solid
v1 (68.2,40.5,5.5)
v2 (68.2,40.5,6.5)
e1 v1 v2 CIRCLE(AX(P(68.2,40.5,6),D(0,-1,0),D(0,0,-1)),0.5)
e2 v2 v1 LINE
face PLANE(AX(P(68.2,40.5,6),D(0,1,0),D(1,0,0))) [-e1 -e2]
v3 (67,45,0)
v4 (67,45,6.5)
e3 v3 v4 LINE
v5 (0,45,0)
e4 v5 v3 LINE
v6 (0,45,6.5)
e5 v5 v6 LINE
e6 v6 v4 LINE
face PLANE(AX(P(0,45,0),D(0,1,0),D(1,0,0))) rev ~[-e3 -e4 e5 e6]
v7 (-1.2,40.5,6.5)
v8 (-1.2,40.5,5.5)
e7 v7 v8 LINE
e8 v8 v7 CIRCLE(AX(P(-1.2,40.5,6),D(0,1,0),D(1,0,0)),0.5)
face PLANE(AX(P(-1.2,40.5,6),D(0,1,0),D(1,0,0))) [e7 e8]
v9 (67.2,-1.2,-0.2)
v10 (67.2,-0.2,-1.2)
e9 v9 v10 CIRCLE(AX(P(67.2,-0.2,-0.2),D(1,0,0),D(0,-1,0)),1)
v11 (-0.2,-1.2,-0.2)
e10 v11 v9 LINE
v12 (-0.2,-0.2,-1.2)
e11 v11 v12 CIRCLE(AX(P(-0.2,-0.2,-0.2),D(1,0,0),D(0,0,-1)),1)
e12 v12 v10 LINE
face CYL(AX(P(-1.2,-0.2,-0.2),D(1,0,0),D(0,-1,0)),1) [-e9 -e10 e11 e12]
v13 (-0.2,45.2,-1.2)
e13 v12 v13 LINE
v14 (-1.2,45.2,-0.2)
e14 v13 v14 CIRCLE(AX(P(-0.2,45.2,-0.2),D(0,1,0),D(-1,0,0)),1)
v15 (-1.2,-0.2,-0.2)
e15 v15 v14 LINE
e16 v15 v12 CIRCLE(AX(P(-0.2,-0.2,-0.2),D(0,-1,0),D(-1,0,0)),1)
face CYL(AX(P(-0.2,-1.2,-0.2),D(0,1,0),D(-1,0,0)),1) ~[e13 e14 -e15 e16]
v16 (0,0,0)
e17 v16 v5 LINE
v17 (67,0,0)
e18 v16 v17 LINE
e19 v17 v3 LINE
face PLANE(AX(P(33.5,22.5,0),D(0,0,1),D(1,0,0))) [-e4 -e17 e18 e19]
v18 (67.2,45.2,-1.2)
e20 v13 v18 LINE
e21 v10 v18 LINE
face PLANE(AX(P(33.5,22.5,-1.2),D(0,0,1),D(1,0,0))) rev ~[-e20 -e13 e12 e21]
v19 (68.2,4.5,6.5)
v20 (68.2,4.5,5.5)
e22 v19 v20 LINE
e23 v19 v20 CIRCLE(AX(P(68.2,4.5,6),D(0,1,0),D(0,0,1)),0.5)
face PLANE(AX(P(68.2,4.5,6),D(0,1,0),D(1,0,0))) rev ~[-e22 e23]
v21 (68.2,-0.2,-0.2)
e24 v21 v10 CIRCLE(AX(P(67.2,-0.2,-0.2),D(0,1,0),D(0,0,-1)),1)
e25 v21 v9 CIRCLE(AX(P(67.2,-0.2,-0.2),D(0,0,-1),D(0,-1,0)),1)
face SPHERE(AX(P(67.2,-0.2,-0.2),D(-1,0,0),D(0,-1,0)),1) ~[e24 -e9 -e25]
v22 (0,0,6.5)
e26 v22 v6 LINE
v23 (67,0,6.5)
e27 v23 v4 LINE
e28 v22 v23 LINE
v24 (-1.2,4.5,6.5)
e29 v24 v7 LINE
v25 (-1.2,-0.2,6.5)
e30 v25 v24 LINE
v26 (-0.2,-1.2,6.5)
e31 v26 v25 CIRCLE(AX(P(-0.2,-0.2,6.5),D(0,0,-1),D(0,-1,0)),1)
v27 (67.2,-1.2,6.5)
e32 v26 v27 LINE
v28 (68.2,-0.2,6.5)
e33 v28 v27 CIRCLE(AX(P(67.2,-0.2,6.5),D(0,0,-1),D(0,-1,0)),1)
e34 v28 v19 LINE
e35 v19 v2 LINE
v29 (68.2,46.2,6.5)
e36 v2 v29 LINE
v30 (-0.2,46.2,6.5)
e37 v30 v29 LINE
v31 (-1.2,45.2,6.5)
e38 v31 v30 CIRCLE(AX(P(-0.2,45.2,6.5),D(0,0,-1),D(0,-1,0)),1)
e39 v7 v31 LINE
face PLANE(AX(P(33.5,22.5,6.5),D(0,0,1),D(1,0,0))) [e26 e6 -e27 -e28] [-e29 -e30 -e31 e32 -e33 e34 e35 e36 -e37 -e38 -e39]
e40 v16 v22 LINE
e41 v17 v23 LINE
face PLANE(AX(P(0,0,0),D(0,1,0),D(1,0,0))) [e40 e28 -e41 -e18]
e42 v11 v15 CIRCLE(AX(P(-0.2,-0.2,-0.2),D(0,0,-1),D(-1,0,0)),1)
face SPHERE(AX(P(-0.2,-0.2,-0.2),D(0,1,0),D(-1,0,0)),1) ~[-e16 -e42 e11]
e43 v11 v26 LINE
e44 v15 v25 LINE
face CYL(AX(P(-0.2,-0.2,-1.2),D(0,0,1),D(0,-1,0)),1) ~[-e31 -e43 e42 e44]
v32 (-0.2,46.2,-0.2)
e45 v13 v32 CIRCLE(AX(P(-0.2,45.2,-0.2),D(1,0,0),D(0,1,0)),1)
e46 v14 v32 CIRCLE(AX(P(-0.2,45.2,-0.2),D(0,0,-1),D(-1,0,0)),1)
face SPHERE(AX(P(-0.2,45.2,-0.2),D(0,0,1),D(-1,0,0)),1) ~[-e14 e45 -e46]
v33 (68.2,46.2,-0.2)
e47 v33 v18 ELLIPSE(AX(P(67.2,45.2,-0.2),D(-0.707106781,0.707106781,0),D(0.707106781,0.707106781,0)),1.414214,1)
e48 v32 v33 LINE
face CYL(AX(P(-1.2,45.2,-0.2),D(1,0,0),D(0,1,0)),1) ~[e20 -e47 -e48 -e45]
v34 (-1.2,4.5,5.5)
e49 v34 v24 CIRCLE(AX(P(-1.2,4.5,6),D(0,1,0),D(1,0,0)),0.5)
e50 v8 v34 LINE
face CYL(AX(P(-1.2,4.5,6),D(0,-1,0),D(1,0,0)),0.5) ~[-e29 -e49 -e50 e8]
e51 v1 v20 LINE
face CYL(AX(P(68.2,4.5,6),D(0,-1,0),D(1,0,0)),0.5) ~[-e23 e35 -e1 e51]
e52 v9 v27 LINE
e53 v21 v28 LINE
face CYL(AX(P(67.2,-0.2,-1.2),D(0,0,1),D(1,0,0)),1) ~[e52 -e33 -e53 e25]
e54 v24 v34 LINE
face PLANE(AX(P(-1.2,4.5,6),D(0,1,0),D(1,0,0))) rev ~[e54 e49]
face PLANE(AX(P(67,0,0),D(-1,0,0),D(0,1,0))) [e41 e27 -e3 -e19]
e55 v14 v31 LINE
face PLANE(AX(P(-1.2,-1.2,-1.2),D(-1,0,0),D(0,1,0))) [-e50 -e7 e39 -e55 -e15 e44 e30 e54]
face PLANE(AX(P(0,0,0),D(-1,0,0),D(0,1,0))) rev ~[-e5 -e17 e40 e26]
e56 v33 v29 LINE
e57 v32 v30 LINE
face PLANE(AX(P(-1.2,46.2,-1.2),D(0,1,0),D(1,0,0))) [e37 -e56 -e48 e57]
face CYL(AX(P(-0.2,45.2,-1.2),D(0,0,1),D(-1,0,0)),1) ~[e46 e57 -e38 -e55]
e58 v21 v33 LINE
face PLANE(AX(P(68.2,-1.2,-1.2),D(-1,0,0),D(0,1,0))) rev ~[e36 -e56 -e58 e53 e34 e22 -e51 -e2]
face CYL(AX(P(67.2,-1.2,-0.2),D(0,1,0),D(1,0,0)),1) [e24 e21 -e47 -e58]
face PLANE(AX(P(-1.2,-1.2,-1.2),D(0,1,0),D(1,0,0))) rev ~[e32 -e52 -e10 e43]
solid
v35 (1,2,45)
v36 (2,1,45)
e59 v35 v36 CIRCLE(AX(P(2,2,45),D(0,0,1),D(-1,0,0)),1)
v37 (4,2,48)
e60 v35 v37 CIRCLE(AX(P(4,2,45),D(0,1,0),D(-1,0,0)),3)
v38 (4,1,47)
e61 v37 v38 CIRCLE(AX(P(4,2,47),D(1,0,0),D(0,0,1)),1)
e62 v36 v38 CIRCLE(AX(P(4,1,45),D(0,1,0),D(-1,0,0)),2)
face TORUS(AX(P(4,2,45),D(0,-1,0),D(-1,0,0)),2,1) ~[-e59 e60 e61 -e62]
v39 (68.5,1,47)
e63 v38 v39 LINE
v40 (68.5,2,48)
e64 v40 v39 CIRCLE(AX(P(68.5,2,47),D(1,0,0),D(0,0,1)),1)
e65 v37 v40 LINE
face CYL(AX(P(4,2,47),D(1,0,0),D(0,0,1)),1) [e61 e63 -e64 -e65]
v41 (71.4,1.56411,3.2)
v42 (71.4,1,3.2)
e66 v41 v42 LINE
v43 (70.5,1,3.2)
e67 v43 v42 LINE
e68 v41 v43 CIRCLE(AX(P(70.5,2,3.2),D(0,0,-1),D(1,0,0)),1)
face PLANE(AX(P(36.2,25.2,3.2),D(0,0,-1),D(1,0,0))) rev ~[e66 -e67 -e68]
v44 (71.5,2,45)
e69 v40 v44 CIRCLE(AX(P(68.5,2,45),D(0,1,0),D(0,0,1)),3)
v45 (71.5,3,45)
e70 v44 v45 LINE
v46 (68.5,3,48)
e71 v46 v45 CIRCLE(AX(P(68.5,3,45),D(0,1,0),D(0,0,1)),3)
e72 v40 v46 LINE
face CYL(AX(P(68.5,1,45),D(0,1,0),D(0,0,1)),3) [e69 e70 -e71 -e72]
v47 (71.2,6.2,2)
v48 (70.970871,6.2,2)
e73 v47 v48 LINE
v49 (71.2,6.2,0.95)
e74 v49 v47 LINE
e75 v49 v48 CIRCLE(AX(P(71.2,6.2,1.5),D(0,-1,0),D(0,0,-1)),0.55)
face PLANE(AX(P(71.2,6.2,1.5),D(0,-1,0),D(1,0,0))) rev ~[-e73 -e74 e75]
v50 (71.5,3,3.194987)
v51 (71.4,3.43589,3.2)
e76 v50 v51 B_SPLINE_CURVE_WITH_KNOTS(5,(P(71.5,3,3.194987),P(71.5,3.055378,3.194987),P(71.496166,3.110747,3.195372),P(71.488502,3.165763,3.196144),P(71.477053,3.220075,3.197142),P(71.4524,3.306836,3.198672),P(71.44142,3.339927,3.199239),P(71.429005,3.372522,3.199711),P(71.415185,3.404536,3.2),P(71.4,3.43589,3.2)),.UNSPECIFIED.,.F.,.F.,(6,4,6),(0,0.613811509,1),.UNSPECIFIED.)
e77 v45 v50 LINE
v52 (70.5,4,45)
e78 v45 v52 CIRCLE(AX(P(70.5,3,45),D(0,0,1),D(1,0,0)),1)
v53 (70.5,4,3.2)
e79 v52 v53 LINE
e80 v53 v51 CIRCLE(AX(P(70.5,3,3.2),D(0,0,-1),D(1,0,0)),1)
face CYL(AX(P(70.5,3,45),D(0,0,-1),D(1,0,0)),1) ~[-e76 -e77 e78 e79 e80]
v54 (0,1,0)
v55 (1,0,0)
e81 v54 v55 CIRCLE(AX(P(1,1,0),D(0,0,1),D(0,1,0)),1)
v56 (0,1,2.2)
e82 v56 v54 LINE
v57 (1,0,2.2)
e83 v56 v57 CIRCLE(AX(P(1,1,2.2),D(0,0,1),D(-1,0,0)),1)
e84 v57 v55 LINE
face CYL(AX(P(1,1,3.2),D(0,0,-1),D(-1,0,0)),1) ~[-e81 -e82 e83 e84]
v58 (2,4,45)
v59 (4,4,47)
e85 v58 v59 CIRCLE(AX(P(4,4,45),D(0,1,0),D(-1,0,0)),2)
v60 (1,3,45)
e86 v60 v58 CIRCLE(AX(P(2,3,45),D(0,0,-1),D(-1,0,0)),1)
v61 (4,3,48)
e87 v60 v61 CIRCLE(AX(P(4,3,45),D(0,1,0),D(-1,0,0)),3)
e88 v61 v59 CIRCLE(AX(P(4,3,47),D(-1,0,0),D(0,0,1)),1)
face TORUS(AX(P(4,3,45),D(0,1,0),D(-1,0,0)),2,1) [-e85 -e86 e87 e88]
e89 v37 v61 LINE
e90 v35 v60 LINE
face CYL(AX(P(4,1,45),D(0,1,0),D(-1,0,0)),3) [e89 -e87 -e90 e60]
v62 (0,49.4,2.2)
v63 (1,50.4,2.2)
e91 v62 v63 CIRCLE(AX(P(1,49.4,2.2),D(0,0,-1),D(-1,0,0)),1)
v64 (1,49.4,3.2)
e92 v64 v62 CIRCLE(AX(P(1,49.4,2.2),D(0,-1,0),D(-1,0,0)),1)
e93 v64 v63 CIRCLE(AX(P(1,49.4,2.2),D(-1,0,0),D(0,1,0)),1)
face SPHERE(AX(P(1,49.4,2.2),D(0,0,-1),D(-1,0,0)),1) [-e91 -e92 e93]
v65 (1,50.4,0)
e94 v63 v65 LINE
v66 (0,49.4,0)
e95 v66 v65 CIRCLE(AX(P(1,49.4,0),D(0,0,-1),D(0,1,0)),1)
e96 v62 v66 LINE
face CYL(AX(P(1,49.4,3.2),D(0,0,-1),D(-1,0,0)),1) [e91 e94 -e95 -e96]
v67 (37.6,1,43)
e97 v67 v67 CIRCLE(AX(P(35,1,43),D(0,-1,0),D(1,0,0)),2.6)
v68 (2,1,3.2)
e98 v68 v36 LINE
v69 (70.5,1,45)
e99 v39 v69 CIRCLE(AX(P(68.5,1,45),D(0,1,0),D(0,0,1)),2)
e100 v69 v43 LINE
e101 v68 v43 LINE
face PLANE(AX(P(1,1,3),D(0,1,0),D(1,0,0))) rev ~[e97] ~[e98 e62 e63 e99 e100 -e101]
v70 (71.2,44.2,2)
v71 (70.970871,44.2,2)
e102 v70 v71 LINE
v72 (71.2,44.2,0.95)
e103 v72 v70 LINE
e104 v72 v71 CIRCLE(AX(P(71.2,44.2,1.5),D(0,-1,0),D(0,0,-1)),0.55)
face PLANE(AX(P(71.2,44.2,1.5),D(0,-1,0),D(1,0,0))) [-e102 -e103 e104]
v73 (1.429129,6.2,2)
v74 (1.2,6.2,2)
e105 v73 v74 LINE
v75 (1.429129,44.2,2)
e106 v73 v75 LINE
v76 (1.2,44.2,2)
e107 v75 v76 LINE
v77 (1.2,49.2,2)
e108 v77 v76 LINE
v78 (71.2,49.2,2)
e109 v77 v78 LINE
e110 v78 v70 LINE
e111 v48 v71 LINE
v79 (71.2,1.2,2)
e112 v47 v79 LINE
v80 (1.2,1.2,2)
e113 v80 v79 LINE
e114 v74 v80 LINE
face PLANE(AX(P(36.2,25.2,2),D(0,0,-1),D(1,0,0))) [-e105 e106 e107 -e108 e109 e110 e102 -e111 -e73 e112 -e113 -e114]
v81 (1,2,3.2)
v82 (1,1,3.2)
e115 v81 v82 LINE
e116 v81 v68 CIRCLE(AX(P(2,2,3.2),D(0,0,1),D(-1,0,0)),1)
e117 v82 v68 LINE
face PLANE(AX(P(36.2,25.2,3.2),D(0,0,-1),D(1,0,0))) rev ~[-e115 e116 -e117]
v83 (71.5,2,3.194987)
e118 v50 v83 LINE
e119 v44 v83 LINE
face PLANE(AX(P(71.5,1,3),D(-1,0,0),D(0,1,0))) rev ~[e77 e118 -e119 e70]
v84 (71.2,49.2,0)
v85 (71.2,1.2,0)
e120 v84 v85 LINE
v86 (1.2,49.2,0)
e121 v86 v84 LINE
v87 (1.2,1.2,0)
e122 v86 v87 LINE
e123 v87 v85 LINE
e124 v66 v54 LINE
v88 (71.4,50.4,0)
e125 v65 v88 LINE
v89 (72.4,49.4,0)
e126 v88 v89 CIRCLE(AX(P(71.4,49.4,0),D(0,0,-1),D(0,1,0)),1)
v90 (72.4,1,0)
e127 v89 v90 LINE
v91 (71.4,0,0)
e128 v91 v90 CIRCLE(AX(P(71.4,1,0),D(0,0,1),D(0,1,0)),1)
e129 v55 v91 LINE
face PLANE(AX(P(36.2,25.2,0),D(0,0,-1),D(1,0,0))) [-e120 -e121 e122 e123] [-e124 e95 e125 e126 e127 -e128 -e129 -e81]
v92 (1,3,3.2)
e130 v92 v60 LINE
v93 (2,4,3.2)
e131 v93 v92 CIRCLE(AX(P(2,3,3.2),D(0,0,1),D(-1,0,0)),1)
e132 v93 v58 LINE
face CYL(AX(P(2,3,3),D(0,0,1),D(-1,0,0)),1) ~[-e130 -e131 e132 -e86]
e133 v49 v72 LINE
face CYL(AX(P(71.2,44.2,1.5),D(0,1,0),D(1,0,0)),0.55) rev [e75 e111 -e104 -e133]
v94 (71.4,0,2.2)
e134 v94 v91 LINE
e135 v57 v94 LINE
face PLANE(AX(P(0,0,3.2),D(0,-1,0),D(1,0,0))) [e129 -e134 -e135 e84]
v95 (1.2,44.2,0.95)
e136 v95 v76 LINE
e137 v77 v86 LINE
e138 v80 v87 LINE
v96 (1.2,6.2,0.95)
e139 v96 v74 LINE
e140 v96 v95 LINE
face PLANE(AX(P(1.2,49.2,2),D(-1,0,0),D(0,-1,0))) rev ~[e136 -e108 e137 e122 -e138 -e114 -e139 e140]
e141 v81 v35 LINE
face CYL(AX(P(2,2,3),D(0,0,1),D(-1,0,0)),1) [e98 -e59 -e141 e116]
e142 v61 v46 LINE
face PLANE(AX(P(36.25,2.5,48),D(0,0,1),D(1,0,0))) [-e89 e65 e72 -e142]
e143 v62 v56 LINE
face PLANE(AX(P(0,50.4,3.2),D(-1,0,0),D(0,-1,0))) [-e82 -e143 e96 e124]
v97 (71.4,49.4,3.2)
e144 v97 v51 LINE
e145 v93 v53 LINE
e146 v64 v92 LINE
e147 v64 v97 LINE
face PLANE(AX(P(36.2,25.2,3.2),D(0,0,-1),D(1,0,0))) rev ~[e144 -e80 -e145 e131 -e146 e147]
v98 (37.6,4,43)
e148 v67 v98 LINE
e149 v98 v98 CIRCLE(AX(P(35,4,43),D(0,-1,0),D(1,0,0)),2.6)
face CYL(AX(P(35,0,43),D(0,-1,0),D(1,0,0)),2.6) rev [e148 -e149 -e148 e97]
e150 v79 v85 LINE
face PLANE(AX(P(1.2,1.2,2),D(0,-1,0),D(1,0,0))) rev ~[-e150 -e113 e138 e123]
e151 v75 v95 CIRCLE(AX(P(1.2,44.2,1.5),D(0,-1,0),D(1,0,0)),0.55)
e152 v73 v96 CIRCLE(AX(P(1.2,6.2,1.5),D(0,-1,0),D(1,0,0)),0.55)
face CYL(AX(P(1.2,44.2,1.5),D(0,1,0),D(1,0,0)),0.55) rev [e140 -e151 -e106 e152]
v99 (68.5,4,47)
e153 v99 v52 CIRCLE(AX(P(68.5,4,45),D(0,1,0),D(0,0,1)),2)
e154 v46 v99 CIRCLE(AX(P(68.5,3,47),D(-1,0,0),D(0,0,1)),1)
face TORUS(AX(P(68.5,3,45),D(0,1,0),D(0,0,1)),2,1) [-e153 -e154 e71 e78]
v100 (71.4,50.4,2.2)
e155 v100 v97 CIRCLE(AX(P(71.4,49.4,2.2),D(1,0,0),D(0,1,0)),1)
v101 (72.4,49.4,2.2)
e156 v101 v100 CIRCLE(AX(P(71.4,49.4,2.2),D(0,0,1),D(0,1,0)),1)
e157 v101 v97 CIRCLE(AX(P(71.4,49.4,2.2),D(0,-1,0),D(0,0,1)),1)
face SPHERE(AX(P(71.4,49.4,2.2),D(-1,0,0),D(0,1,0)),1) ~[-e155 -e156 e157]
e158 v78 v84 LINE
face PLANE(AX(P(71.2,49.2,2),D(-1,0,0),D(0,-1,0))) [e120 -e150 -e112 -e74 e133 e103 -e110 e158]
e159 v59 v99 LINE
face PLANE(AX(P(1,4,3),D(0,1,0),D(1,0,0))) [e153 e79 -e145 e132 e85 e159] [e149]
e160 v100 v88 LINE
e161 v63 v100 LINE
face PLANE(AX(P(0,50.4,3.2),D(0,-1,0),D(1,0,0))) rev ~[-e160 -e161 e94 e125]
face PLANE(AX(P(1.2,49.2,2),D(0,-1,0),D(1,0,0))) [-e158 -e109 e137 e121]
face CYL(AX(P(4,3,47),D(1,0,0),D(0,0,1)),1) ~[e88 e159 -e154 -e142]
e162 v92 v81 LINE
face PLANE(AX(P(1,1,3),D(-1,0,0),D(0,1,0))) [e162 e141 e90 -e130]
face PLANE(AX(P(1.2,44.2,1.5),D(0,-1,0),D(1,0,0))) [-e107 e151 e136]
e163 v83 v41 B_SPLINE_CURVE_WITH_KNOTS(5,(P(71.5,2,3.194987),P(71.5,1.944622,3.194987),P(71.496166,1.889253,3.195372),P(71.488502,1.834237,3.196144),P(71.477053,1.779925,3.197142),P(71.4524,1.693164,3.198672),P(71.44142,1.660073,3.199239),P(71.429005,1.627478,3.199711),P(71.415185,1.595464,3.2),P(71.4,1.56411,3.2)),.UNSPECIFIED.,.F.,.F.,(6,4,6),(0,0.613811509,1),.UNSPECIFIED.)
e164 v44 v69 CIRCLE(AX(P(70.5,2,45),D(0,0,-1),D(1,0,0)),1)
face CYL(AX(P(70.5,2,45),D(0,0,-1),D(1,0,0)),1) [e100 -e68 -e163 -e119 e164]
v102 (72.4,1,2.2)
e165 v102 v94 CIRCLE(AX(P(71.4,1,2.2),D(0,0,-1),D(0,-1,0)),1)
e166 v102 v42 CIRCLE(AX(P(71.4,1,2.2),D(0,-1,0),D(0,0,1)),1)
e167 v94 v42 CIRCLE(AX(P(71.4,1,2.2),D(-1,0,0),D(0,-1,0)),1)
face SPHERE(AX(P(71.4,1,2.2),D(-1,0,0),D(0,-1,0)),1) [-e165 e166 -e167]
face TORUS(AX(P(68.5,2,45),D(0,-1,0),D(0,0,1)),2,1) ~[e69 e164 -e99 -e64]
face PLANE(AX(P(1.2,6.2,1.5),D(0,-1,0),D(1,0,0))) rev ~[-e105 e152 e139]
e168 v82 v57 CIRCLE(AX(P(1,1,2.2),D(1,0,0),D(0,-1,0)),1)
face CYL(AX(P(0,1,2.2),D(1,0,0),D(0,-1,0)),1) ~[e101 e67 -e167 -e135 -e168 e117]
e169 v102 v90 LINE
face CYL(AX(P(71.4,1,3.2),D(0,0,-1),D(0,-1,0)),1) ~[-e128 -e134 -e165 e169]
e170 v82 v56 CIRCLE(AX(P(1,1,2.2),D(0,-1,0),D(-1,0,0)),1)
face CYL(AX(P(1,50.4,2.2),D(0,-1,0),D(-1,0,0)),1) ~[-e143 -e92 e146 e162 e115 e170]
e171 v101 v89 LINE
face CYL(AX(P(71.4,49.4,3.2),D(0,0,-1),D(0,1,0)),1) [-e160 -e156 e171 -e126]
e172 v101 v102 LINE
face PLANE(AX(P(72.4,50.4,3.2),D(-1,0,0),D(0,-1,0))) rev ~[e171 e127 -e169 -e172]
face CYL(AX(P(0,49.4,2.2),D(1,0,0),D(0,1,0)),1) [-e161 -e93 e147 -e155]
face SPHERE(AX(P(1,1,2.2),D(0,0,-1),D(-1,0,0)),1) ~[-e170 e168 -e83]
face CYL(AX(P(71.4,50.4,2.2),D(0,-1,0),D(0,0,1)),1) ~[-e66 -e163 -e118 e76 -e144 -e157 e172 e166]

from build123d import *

# Parameters (mm, degrees)
TONGUE_LEFT_R             = 0.5
TONGUE_LEFT_DEPTH         = 36
TONGUE_RIGHT_R            = 0.5
TONGUE_RIGHT_DEPTH        = 36
CASE_INSIDE_W             = 67
CASE_INSIDE_H             = 45
CASE_INSIDE_DEPTH         = 6.5
CASE_OUTSIDE_W            = 69.4
CASE_OUTSIDE_H            = 47.4
CASE_OUTSIDE_DEPTH        = 7.7
FILLET_R                  = 1
CYLINDER_R                = 2.6
CYLINDER_DEPTH            = 10
BOX_W                     = 70.5
BOX_H                     = 3
BOX_DEPTH                 = 45
FILLET002_R               = 3
FILLET003_R               = 1
LID_GROOVE_LEFT_R         = 0.55
LID_GROOVE_LEFT_DEPTH     = 38
LID_GROOVE_RIGHT_R        = 0.55
LID_GROOVE_RIGHT_DEPTH    = 38
LID_INSIDE_W              = 70
LID_INSIDE_H              = 48
LID_INSIDE_DEPTH          = 2
LID_OUTSIDE_W             = 72.4
LID_OUTSIDE_H             = 50.4
LID_OUTSIDE_DEPTH         = 3.2
FILLET001_R               = 1
FILLET001_PLACEMENT_ANGLE = 180


with BuildPart() as tongue_left:
    # tongue_left → tongue_left (new body)
    with BuildSketch(Plane(origin=(-1.2, 4.5, 6), x_dir=(1, 0, 0), z_dir=(0, 1, 0))):
        Circle(TONGUE_LEFT_R)
    extrude(amount=TONGUE_LEFT_DEPTH)


with BuildPart() as tongue_right:
    # tongue_right → tongue_right (new body)
    with BuildSketch(Plane(origin=(68.2, 4.5, 6), x_dir=(1, 0, 0), z_dir=(0, 1, 0))):
        Circle(TONGUE_RIGHT_R)
    extrude(amount=TONGUE_RIGHT_DEPTH)


with BuildPart() as case_inside:
    # case_inside → case_inside (new body)
    with BuildSketch(Plane.XY):
        with Locations((33.5, 22.5)):
            Rectangle(CASE_INSIDE_W, CASE_INSIDE_H)
    extrude(amount=CASE_INSIDE_DEPTH)


with BuildPart() as fillet_body:
    # case_outside → case_outside (new body)
    with BuildSketch(Plane(origin=(-1.2, -1.2, -1.2), x_dir=(1, 0, 0), z_dir=(0, 0, 1))):
        with Locations((34.7, 23.7)):
            Rectangle(CASE_OUTSIDE_W, CASE_OUTSIDE_H)
    extrude(amount=CASE_OUTSIDE_DEPTH)

    # Cut: cut case_inside
    add(case_inside.part, mode=Mode.SUBTRACT)

    # Fusion: union tongue_left, tongue_right
    add(tongue_left.part)
    add(tongue_right.part)

    # Fillet
    fillet_edges = [fillet_body.edges().sort_by_distance(p)[0] for p in [
        (-1.2, 46.2, 2.65),
        (-1.2, 22.5, -1.2),
        (-1.2, -1.2, 2.65),
        (33.5, 46.2, -1.2),
        (33.5, -1.2, -1.2),
        (68.2, -1.2, 2.65),
        (68.2, 22.5, -1.2),
    ]]
    fillet(fillet_edges, radius=FILLET_R)


with BuildPart() as cylinder:
    # Cylinder → Cylinder (new body)
    with BuildSketch(Plane(origin=(35, 0, 43), x_dir=(1, 0, 0), z_dir=(0, 1, 0))):
        Circle(CYLINDER_R)
    extrude(amount=CYLINDER_DEPTH)


with BuildPart() as fillet003:
    # Box → Box (new body)
    with BuildSketch(Plane(origin=(1, 1, 3), x_dir=(1, 0, 0), z_dir=(0, 0, 1))):
        with Locations((35.25, 1.5)):
            Rectangle(BOX_W, BOX_H)
    extrude(amount=BOX_DEPTH)

    # Cut004: cut Cylinder
    add(cylinder.part, mode=Mode.SUBTRACT)

    # Fillet002
    fillet002_edges = [fillet003.edges().sort_by_distance(p)[0] for p in [
        (1, 2.5, 48),
        (71.5, 2.5, 48),
    ]]
    fillet(fillet002_edges, radius=FILLET002_R)

    # Fillet003
    fillet003_edges = [fillet003.edges().sort_by_distance(p)[0] for p in [
        (1, 1, 24),
        (1, 4, 24),
        (36.25, 1, 48),
        (36.25, 4, 48),
    ]]
    fillet(fillet003_edges, radius=FILLET003_R)


with BuildPart() as lid_groove_left:
    # lid_groove_left → lid_groove_left (new body)
    with BuildSketch(Plane(origin=(-1.5, 3.5, 0.5), x_dir=(1, 0, 0), z_dir=(0, 1, 0))):
        Circle(LID_GROOVE_LEFT_R)
    extrude(amount=LID_GROOVE_LEFT_DEPTH)


with BuildPart() as lid_groove_right:
    # lid_groove_right → lid_groove_right (new body)
    with BuildSketch(Plane(origin=(68.5, 3.5, 0.5), x_dir=(1, 0, 0), z_dir=(0, 1, 0))):
        Circle(LID_GROOVE_RIGHT_R)
    extrude(amount=LID_GROOVE_RIGHT_DEPTH)


with BuildPart() as lid_inside:
    # lid_inside → lid_inside (new body)
    with BuildSketch(Plane(origin=(-1.5, -1.5, 0), x_dir=(1, 0, 0), z_dir=(0, 0, 1))):
        with Locations((35, 24)):
            Rectangle(LID_INSIDE_W, LID_INSIDE_H)
    extrude(amount=LID_INSIDE_DEPTH)


with BuildPart() as lid_with_led_holder:
    # lid_outside → lid_outside (new body)
    with BuildSketch(Plane(origin=(-2.7, -2.7, -1.2), x_dir=(1, 0, 0), z_dir=(0, 0, 1))):
        with Locations((36.2, 25.2)):
            Rectangle(LID_OUTSIDE_W, LID_OUTSIDE_H)
    extrude(amount=LID_OUTSIDE_DEPTH)

    # Cut001: cut lid_inside
    add(lid_inside.part, mode=Mode.SUBTRACT)

    # Cut002: cut lid_groove_right
    add(lid_groove_right.part, mode=Mode.SUBTRACT)

    # Cut003: cut lid_groove_left
    add(lid_groove_left.part, mode=Mode.SUBTRACT)

    # Fillet001
    fillet001_edges = [lid_with_led_holder.edges().sort_by_distance(p)[0] for p in [
        (-2.7, -2.7, 0.4),
        (-2.7, 47.7, 0.4),
        (-2.7, 22.5, -1.2),
        (33.5, -2.7, -1.2),
        (69.7, -2.7, 0.4),
        (33.5, 47.7, -1.2),
        (69.7, 47.7, 0.4),
        (69.7, 22.5, -1.2),
    ]]
    fillet(fillet001_edges, radius=FILLET001_R)


with BuildPart() as lid_with_led_holder_1:
    # Fillet001 placement: moved
    add(lid_with_led_holder.part.moved(Location((2.7, 47.7, 2))).rotate(Axis((2.7, 47.7, 2), (1, 0, 0)), FILLET001_PLACEMENT_ANGLE))

    # Fusion001: union Fillet003
    add(fillet003.part)


solid = Compound([fillet_body.part, lid_with_led_holder_1.part])
